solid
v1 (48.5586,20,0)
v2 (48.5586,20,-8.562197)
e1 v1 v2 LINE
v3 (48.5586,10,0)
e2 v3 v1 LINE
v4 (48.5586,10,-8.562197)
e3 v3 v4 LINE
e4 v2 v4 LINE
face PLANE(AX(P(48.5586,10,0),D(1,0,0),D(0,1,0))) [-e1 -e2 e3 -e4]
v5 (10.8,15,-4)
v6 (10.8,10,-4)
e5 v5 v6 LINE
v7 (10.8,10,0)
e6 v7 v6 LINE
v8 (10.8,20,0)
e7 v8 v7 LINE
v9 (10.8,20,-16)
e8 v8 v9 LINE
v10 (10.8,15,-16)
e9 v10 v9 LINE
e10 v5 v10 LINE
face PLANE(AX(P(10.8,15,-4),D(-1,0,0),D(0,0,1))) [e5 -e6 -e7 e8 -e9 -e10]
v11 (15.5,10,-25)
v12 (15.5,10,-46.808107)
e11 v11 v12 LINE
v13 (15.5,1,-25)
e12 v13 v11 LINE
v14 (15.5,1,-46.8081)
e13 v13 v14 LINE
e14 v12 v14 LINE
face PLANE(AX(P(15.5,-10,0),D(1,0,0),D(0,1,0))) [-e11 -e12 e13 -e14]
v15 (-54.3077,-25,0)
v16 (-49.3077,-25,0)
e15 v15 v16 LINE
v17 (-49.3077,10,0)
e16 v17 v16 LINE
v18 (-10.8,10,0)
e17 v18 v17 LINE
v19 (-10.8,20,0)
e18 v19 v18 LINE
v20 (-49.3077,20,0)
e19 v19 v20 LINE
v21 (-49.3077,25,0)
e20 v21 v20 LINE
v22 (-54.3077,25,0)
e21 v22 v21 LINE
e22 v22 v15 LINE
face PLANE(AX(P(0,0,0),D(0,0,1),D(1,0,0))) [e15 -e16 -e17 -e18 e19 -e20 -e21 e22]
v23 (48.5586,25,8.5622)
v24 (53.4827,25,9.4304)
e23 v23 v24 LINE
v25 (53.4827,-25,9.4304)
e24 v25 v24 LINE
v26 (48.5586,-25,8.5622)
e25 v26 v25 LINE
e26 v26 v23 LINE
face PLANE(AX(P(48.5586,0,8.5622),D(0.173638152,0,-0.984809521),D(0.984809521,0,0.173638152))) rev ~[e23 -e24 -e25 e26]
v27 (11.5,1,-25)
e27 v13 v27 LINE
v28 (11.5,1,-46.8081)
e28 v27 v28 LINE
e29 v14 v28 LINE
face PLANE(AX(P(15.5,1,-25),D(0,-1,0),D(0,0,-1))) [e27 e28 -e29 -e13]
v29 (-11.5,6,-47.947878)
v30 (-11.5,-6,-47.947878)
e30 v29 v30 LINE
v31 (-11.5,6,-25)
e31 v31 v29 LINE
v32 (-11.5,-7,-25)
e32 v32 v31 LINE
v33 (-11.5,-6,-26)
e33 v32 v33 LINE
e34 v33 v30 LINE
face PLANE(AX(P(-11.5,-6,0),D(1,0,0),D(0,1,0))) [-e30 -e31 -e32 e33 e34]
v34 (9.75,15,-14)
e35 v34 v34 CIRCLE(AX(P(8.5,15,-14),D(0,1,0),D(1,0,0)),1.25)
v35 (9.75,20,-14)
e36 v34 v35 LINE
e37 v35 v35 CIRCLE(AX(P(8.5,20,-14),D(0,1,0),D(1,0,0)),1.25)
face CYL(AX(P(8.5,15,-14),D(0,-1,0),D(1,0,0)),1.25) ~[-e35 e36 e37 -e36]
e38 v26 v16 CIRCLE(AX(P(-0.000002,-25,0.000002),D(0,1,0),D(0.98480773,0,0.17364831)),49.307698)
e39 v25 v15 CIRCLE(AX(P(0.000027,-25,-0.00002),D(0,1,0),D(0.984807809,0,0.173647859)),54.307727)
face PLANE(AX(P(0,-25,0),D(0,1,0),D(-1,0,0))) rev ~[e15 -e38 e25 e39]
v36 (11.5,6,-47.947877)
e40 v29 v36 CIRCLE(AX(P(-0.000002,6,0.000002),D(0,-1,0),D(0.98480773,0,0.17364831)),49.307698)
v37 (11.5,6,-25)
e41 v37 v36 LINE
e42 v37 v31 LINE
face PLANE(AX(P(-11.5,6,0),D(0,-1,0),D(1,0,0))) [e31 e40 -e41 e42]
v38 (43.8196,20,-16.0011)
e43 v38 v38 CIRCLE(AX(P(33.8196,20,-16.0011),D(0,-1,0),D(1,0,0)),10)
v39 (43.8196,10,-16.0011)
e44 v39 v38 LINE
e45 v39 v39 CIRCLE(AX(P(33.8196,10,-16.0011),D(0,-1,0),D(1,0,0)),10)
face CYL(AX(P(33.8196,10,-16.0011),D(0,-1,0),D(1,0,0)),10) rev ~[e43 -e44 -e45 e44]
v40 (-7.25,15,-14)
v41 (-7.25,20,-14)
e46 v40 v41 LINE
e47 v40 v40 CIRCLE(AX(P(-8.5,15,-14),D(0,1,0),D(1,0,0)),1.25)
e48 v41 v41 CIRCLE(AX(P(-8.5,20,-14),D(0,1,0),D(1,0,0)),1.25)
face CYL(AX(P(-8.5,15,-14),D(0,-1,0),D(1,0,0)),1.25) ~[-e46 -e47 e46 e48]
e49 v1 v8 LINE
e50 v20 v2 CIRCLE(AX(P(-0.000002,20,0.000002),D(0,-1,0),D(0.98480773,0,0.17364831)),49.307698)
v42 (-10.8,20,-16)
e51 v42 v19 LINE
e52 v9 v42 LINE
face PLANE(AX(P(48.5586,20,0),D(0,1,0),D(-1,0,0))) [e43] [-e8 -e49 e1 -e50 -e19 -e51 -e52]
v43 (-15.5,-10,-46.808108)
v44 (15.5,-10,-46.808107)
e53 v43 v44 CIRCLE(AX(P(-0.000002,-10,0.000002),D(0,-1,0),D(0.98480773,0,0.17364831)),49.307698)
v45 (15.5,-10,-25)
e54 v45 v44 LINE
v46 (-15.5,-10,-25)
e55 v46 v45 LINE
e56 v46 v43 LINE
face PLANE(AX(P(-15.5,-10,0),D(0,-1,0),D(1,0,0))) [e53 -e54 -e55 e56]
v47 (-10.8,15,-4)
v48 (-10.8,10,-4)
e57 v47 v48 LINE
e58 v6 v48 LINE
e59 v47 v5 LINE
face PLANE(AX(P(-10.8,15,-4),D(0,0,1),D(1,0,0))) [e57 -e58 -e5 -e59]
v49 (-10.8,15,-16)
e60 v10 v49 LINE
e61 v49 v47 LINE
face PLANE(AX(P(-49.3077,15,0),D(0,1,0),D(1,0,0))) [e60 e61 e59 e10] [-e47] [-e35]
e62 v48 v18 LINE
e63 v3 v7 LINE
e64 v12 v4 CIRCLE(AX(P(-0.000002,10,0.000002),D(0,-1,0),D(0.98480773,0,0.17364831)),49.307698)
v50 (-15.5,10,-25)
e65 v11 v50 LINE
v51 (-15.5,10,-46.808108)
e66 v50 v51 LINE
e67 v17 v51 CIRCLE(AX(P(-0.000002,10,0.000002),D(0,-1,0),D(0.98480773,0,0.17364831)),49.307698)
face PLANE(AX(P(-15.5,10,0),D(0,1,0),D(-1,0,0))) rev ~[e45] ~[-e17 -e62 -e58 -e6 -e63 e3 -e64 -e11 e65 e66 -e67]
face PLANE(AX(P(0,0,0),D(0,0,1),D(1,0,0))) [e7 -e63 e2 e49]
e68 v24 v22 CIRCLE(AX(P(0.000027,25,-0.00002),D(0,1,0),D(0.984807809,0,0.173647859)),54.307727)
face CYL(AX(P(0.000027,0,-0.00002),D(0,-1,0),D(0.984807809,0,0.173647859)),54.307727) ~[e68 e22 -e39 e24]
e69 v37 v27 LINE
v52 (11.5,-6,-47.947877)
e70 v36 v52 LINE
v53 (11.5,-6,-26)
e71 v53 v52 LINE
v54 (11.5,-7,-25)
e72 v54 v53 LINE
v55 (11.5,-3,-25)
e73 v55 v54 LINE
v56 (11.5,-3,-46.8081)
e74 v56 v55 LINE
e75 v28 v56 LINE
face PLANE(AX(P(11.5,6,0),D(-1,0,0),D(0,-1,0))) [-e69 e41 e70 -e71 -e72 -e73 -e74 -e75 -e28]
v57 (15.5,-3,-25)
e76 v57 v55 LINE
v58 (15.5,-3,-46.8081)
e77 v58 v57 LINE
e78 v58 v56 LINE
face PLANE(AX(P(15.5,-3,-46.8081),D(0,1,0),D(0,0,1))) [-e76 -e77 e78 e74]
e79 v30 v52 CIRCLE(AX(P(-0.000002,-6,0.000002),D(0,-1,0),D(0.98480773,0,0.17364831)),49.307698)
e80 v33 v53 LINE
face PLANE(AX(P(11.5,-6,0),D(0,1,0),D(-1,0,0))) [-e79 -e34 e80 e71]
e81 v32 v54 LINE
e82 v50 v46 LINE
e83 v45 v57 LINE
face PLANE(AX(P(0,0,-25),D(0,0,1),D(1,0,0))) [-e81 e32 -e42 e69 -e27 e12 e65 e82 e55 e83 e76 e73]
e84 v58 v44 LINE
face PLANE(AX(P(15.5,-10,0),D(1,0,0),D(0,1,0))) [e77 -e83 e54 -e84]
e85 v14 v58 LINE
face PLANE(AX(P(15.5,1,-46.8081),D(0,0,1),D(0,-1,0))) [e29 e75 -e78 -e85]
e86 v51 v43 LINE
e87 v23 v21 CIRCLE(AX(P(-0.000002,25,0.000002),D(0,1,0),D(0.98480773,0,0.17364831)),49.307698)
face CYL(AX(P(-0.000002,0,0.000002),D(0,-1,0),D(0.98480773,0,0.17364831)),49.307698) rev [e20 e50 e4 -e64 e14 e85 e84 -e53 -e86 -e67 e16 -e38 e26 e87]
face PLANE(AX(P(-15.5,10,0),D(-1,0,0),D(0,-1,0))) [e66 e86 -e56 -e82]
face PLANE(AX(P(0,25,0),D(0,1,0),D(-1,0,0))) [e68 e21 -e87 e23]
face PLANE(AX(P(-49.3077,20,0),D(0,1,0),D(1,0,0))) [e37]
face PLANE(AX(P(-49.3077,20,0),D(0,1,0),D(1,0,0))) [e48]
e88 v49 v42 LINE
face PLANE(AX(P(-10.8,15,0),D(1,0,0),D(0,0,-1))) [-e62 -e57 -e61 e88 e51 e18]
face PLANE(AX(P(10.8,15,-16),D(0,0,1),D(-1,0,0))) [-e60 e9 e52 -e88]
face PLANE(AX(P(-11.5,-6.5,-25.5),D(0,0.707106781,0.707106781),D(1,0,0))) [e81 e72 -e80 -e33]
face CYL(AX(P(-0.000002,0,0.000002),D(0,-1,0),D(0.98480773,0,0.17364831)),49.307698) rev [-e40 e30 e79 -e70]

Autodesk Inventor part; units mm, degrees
ref_plane "YZ Plane" through (0, 0, 0) normal (1, 0, 0) x (0, 1, 0)
ref_plane "XZ Plane" through (0, 0, 0) normal (0, 1, 0) x (-1, 0, 0)
ref_plane "XY Plane" through (0, 0, 0) normal (0, 0, 1) x (1, 0, 0)
sketch "Sketch1" plane through (0, 0, 0) normal (0, 1, 0) x (-1, 0, 0)
  arc A0 (-48.5586, 8.5622) -> (49.3077, 0) centre (0, 0) ccw construction
  line L0 (-25, -42.5) -> (25, -42.5) construction
  line L1 (25, -42.5) -> (25, 42.5) construction
  line L2 (25, 42.5) -> (-25, 42.5) construction
  line L3 (-25, -42.5) -> (25, 42.5) construction
  line L4 (25, -42.5) -> (-25, 42.5) construction
  arc A1 (-48.5586, 8.5622) -> (49.3077, 0) centre (0, 0) ccw
  arc A2 (-53.4827, 9.4304) -> (54.3077, 0) centre (0, 0) ccw
  line L5 (-48.5586, 8.5622) -> (-53.4827, 9.4304)
  line L6 (54.3077, 0) -> (49.3077, 0)
  dimension "d0" = 85
  dimension "d1" = 50
  dimension "d2" = 5
  dimension "d4" = 54.3077
  dimension "d5" = 59.535
  dimension "d6" = 170
  dimension "d7" = 42.5
  dimension "d8" = 0
extrude "Extrusion1" add sketch "Sketch1" along normal blind 25 and the other way blind 25
sketch "Sketch2" plane through (0, 0, 0) normal (1, 0, 0) x (0, 1, 0)
  point P0 (0, 0)
sketch "Sketch3" plane through (0, 0, 0) normal (0, 0, 1) x (1, 0, 0)
  line L0 (11.5, -6) -> (-11.5, -6)
  line L1 (-11.5, -6) -> (-11.5, 6)
  line L2 (-11.5, 6) -> (11.5, 6)
  line L3 (11.5, 6) -> (11.5, -6)
  line L4 (11.5, -6) -> (-11.5, 6) construction
  line L5 (-11.5, -6) -> (11.5, 6) construction
  line L6 (15.5, 10) -> (-15.5, 10)
  line L7 (-15.5, 10) -> (-15.5, -10)
  line L8 (-15.5, -10) -> (15.5, -10)
  line L9 (15.5, -10) -> (15.5, 10)
  point P0 (0, 0)
  dimension "d11" = 23
  dimension "d12" = 12
  dimension "d13" = 4
extrude "Extrusion2" add sketch "Sketch3" against normal up to next
sketch "Sketch4" plane through (0, 0, 0) normal (0, 0, 1) x (1, 0, 0)
  line L0 (15.5, 10) -> (-15.5, 10) projected
  line L1 (-15.5, -10) -> (15.5, -10)
  line L2 (15.5, -10) -> (15.5, 10)
  line L3 (15.5, 10) -> (-15.5, 10)
  line L4 (-15.5, 10) -> (-15.5, -10)
  line L5 (-15.5, -10) -> (15.5, 10) construction
  line L6 (15.5, -10) -> (-15.5, 10) construction
  point P0 (0, 0)
  point P1 (-15.5, 10)
extrude "Extrusion3" cut sketch "Sketch4" against normal blind 25
sketch "Sketch5" plane through (0, 0, 0) normal (0, 1, 0) x (-1, 0, 0)
  point P0 (0, 0)
sketch "Sketch6" plane through (0, 0, 0) normal (0, 0, 1) x (1, 0, 0)
  line L0 (-49.3077, -25) -> (-49.3077, 25) projected
  line L1 (-49.3077, 7.7599) -> (-49.3077, -14.5309)
  line L2 (53.4827, -25) -> (53.4827, 25) projected
  line L3 (53.4827, -14.5309) -> (-53.8854, -14.5309)
  line L4 (-49.3077, 2.4805) -> (53.4827, 2.4805)
  line L5 (53.4827, 2.4805) -> (53.4827, -14.5309)
  line L6 (-49.3077, -14.5309) -> (-49.3077, 2.4805)
  line L7 (48.7697, -14.5309) -> (48.5586, 2.4805)
  line L8 (48.5586, -25) -> (48.5586, 25) projected
  point P0 (0, 0)
  dimension "d24" = 17.0114
  dimension "d25" = 22.5195
  dimension "d26" = 5.2794
  dimension "d27" = 17.0114
chamfer "Chamfer1" distance 1 angle 45 1 edges at (0, -6, -25)
sketch "Sketch7" plane through (0, 0, 0) normal (0, 0, 1) x (1, 0, 0)
  line L0 (-15.5, 10) -> (48.5586, 10)
  line L1 (48.5586, 10) -> (48.5586, 20)
  line L2 (48.5586, -25) -> (48.5586, 25) projected
  line L3 (48.5586, 20) -> (-49.3077, 20)
  line L4 (-49.3077, 20) -> (-49.3077, 10)
  line L5 (-49.3077, -25) -> (-49.3077, 25) projected
  line L6 (-15.5, 10) -> (-49.3077, 10)
  point P0 (0, 0)
  dimension "d33" = 10
extrude "Extrusion4" add sketch "Sketch7" against normal up to next
sketch "Sketch8" plane through (15.5, -10, -25) normal (1, 0, 0) x (0, 0, -1)
  line L0 (0, 20) -> (0, 0) projected
  line L1 (21.8081, 20) -> (21.8081, 0) projected
  line L2 (0, 11) -> (21.8081, 11)
  line L3 (21.8081, 11) -> (21.8081, 7)
  line L4 (21.8081, 7) -> (0, 7)
  line L5 (0, 7) -> (0, 11)
  point P0 (-25, 10)
  point P1 (0, 16)
  point P2 (0, 3)
  point P3 (0, 7)
  point P4 (21.8081, 11)
  dimension "d36" = 4
  dimension "d39" = 4
extrude "Extrusion5" cut sketch "Sketch8" against normal up to surface (4 mm away)
sketch "Sketch9" plane through (-49.3077, 10, 0) normal (0, -1, 0) x (1, 0, 0)
  circle A0 centre (83.1273, -16.0011) radius 10
  point P0 (49.3077, 0)
  dimension "d42" = 20
  dimension "d43" = 37.4138
extrude "Extrusion6" cut sketch "Sketch9" against normal up to next
sketch "Sketch10" plane through (0, 0, 0) normal (0, 1, 0) x (-1, 0, 0)
  point P0 (0, 0)
ref_plane "Work Plane1" through (-49.3077, 15, 0) normal (0, 1, 0) x (1, 0, 0)
sketch "Sketch11" plane through (-49.3077, 15, 0) normal (0, 1, 0) x (1, 0, 0)
  line L0 (60.1077, 0) -> (60.1077, 16)
  line L1 (60.1077, 16) -> (38.5077, 16)
  line L2 (38.5077, 16) -> (38.5077, 0)
  line L3 (38.5077, -16) -> (60.1077, 16) construction
  line L4 (60.1077, -16) -> (38.5077, 16) construction
  line L5 (97.8663, 0) -> (0, 0) projected
  line L6 (38.5077, 0) -> (60.1077, 0)
  point P0 (49.3077, 0)
  dimension "d47" = 32
  dimension "d48" = 21.6
  dimension "d49" = 124.019
  dimension "d50" = 55.981
  dimension "d51" = 16
extrude "Extrusion7" cut sketch "Sketch11" along normal up to next
sketch "Sketch12" plane through (-49.3077, 15, 0) normal (0, 1, 0) x (1, 0, 0)
  line L0 (60.1077, 0) -> (38.5077, 0) projected
  line L1 (38.5077, 0) -> (38.5077, 16) projected
  line L2 (60.1077, 0) -> (38.5077, 0)
  line L3 (38.5077, 0) -> (38.5077, 4)
  line L4 (38.5077, 4) -> (60.1077, 4)
  line L5 (60.1077, 4) -> (60.1077, 0)
  point P0 (49.3077, 0)
  dimension "d54" = 4
extrude "Extrusion8" cut sketch "Sketch12" against normal up to next
sketch "Sketch13" plane through (-49.3077, 15, 0) normal (0, 1, 0) x (1, 0, 0)
  line L0 (38.5077, 4) -> (60.1077, 4) projected
  line L1 (60.1077, 16) -> (38.5077, 16) projected
  line L2 (60.1077, 4) -> (38.5077, 4)
  line L3 (38.5077, 4) -> (38.5077, 16)
  line L4 (38.5077, 16) -> (60.1077, 16)
  line L5 (60.1077, 16) -> (60.1077, 4)
  circle A0 centre (40.8077, 14) radius 1.25
  line L6 (49.3077, 16) -> (49.3077, 4) construction
  circle A1 centre (57.8077, 14) radius 1.25
  point P0 (49.3077, 0)
  dimension "d57" = 2.5
  dimension "d58" = 2.3
  dimension "d59" = 2
extrude "Extrusion9" add sketch "Sketch13" along normal blind 5 contours A0 | A1
properties part number "airframe"
